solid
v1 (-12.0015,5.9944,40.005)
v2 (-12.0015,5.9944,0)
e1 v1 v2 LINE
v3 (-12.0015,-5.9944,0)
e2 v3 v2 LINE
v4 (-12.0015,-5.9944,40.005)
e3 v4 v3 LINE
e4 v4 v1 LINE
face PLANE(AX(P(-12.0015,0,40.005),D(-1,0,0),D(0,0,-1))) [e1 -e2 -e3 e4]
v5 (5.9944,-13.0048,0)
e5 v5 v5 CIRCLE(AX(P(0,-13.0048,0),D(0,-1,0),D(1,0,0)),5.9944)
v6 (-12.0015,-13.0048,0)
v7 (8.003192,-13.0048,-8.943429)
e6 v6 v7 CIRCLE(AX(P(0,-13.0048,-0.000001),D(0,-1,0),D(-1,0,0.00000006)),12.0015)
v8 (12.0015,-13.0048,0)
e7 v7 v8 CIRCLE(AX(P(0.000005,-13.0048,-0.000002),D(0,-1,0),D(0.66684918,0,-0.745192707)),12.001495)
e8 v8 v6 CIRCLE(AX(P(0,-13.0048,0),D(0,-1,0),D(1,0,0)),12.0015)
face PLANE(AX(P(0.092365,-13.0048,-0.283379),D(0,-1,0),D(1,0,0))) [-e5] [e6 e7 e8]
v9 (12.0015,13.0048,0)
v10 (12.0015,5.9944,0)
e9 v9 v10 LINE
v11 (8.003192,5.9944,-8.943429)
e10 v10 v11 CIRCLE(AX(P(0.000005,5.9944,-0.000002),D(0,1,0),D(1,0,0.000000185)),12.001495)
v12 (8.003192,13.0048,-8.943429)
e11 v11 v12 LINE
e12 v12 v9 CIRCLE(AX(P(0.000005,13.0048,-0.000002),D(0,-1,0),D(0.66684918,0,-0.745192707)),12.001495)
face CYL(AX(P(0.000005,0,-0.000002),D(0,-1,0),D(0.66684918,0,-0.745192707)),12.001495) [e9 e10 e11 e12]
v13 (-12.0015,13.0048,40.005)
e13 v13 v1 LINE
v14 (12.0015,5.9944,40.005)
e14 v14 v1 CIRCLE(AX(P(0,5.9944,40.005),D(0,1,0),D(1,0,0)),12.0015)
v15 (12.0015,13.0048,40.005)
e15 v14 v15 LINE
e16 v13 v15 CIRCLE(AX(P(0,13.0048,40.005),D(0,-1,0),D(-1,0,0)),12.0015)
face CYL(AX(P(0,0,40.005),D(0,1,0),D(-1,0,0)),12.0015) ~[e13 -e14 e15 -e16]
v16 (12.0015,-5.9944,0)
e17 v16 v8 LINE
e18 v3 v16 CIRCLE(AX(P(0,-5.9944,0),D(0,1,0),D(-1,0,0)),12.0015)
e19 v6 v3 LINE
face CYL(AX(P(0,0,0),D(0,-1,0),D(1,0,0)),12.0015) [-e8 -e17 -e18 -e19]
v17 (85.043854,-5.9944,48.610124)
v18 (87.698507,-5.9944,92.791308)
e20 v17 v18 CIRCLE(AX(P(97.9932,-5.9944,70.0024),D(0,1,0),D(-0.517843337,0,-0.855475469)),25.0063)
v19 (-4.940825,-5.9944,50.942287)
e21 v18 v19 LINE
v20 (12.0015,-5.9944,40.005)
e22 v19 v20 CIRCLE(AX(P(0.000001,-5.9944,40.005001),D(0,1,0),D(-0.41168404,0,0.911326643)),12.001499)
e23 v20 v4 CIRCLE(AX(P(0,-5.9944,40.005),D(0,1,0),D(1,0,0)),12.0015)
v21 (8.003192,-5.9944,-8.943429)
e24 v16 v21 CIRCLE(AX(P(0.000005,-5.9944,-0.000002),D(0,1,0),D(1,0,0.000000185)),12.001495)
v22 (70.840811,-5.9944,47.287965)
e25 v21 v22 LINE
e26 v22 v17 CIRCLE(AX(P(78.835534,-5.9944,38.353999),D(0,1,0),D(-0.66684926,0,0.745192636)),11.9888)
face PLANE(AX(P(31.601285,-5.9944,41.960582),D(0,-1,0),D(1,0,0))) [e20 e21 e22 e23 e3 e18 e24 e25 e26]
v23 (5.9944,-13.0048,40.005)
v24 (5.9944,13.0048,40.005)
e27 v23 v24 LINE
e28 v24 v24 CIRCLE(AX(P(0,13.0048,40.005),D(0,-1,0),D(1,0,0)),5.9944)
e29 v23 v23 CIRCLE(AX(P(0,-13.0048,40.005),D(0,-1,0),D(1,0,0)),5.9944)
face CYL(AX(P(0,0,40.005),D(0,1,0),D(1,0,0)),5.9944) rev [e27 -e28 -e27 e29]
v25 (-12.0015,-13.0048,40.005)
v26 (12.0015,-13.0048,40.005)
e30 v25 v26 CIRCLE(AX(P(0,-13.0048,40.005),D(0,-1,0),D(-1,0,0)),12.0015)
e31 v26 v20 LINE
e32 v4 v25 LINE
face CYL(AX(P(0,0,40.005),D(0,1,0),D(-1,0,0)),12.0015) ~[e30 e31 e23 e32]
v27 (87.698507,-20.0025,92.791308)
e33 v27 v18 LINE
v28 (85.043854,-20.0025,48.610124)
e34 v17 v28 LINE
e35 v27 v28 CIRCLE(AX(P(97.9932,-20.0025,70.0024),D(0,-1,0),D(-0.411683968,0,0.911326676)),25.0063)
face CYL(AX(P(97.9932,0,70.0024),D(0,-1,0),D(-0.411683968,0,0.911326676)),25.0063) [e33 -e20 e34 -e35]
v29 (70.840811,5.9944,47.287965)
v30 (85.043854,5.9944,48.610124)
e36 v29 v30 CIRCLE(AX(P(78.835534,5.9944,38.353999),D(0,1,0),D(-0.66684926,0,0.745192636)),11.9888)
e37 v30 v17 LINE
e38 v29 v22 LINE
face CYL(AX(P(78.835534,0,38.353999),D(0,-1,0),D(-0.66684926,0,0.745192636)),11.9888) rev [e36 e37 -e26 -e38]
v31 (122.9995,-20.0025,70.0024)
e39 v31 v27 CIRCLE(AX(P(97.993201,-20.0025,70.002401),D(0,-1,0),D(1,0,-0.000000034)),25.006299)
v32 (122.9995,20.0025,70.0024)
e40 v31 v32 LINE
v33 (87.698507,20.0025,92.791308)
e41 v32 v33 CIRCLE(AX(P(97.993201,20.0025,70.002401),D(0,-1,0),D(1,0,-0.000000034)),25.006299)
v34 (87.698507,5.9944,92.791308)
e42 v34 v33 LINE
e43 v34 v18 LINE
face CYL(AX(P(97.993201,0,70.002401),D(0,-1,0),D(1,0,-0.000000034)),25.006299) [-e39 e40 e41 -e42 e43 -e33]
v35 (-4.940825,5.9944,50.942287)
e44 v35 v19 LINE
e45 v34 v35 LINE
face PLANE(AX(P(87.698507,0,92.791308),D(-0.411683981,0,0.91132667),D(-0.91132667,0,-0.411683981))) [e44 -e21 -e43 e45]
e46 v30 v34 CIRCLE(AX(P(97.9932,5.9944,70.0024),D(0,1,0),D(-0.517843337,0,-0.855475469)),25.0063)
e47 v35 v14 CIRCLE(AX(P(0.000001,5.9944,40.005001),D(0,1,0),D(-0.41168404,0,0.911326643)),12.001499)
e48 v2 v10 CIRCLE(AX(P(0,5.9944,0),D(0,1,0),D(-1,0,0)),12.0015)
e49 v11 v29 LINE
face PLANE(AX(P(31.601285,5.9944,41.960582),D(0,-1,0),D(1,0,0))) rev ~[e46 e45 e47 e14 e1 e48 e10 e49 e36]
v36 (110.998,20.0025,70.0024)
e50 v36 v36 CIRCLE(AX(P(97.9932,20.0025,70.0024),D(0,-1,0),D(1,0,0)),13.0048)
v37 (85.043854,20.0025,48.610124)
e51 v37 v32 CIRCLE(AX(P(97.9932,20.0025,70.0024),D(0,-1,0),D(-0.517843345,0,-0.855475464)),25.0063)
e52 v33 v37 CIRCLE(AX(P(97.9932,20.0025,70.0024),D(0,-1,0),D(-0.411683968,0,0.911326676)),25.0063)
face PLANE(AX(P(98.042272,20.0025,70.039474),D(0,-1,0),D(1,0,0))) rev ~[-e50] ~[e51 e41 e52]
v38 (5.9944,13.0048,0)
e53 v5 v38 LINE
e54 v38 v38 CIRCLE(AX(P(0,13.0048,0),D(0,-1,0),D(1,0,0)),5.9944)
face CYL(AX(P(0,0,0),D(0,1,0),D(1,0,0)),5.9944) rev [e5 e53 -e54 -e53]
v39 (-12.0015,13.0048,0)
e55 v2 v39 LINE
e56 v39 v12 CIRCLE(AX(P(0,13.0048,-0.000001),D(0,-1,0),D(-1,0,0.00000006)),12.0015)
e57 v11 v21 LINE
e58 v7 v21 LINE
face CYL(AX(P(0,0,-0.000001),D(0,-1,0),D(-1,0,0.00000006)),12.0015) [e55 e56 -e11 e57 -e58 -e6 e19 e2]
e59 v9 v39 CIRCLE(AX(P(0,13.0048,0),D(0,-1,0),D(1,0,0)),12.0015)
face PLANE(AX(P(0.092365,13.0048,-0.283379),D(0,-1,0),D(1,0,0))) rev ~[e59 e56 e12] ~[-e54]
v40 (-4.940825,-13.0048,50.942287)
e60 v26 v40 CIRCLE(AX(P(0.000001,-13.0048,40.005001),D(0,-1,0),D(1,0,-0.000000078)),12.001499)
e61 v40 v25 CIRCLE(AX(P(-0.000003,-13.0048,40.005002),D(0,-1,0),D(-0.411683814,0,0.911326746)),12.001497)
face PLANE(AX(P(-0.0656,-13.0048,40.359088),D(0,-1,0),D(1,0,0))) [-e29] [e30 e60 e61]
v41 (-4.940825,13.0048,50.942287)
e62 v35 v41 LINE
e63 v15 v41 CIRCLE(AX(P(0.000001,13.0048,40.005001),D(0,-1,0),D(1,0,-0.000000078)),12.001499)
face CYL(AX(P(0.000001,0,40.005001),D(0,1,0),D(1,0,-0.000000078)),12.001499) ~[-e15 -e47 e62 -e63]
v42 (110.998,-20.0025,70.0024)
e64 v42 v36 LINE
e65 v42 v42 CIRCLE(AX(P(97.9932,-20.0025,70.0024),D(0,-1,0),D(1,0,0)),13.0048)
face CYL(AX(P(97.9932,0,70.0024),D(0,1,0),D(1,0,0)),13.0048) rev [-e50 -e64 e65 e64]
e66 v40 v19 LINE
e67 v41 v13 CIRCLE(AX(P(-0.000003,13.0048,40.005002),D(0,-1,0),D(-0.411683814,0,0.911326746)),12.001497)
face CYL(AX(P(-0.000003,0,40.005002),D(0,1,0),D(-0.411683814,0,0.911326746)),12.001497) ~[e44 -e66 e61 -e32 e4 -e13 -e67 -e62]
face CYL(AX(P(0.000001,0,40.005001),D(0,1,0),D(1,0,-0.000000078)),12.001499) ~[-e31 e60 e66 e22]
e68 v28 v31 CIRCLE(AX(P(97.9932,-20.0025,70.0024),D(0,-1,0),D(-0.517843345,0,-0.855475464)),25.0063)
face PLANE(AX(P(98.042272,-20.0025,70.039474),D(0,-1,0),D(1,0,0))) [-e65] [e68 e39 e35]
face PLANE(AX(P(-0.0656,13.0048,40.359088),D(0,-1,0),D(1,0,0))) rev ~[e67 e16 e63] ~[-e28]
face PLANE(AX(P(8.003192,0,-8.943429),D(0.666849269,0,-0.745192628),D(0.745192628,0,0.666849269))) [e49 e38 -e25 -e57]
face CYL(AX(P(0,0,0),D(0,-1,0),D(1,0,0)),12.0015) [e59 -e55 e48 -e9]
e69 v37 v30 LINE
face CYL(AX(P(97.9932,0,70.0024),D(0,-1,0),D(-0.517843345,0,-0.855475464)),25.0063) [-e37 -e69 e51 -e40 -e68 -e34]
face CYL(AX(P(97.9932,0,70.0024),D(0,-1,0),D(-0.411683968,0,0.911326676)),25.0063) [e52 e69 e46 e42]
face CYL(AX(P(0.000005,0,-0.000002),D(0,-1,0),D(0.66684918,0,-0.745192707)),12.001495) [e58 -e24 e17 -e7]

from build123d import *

# Parameters (mm, degrees)
F1_DEPTH = 5.9944
F0_R     = 5.9944
F2_DEPTH = 13.0048
F0_R_2   = 13.0048
F3_DEPTH = 20.0025


with BuildPart() as f1:
    # F0 (on Front) → F1 (new body, symmetric)
    with BuildSketch(Plane.XZ):
        with BuildLine():
            ThreePointArc((-12.0015, 0), (0, 12.0015), (12.0015, 0))
            ThreePointArc((12.0015, 0), (10.956421, -4.89825), (8.003192, -8.943429))
            Line((8.003192, -8.943429), (70.840811, 47.287965))
            ThreePointArc((70.840811, 47.287965), (77.724302, 50.291189), (85.043854, 48.610124))
            ThreePointArc((85.043854, 48.610124), (73.031918, 71.502214), (87.698507, 92.791308))
            Line((87.698507, 92.791308), (-4.940825, 50.942287))
            ThreePointArc((-4.940825, 50.942287), (6.509174, 50.087989), (12.0015, 40.005))
            ThreePointArc((12.0015, 40.005), (0, 28.0035), (-12.0015, 40.005))
            Line((-12.0015, 40.005), (-12.0015, 0))
        make_face()
    extrude(amount=F1_DEPTH, both=True)

    # F0 (on Front) → F2 (join, symmetric)
    with BuildSketch(Plane.XZ):
        with BuildLine():
            ThreePointArc((-4.940825, 50.942287), (-10.082989, 46.514174), (-12.0015, 40.005))
            ThreePointArc((-12.0015, 40.005), (0, 28.0035), (12.0015, 40.005))
            ThreePointArc((12.0015, 40.005), (6.509174, 50.087989), (-4.940825, 50.942287))
        make_face()
        with Locations((0, 40.005)):
            Circle(F0_R, mode=Mode.SUBTRACT)
        with BuildLine():
            ThreePointArc((8.003192, -8.943429), (10.956421, -4.89825), (12.0015, 0))
            ThreePointArc((12.0015, 0), (0, 12.0015), (-12.0015, 0))
            ThreePointArc((-12.0015, 0), (-4.89825, -10.956421), (8.003192, -8.943429))
        make_face()
        Circle(F0_R, mode=Mode.SUBTRACT)
    extrude(amount=F2_DEPTH, both=True)

    # F0 (on Front) → F3 (join, symmetric)
    with BuildSketch(Plane.XZ):
        with BuildLine():
            ThreePointArc((87.698507, 92.791308), (73.031918, 71.502214), (85.043854, 48.610124))
            ThreePointArc((85.043854, 48.610124), (110.271225, 48.217884), (122.9995, 70.0024))
            ThreePointArc((122.9995, 70.0024), (111.555701, 91.011294), (87.698507, 92.791308))
        make_face()
        with Locations((97.9932, 70.0024)):
            Circle(F0_R_2, mode=Mode.SUBTRACT)
    extrude(amount=F3_DEPTH, both=True)


solid = f1.part
